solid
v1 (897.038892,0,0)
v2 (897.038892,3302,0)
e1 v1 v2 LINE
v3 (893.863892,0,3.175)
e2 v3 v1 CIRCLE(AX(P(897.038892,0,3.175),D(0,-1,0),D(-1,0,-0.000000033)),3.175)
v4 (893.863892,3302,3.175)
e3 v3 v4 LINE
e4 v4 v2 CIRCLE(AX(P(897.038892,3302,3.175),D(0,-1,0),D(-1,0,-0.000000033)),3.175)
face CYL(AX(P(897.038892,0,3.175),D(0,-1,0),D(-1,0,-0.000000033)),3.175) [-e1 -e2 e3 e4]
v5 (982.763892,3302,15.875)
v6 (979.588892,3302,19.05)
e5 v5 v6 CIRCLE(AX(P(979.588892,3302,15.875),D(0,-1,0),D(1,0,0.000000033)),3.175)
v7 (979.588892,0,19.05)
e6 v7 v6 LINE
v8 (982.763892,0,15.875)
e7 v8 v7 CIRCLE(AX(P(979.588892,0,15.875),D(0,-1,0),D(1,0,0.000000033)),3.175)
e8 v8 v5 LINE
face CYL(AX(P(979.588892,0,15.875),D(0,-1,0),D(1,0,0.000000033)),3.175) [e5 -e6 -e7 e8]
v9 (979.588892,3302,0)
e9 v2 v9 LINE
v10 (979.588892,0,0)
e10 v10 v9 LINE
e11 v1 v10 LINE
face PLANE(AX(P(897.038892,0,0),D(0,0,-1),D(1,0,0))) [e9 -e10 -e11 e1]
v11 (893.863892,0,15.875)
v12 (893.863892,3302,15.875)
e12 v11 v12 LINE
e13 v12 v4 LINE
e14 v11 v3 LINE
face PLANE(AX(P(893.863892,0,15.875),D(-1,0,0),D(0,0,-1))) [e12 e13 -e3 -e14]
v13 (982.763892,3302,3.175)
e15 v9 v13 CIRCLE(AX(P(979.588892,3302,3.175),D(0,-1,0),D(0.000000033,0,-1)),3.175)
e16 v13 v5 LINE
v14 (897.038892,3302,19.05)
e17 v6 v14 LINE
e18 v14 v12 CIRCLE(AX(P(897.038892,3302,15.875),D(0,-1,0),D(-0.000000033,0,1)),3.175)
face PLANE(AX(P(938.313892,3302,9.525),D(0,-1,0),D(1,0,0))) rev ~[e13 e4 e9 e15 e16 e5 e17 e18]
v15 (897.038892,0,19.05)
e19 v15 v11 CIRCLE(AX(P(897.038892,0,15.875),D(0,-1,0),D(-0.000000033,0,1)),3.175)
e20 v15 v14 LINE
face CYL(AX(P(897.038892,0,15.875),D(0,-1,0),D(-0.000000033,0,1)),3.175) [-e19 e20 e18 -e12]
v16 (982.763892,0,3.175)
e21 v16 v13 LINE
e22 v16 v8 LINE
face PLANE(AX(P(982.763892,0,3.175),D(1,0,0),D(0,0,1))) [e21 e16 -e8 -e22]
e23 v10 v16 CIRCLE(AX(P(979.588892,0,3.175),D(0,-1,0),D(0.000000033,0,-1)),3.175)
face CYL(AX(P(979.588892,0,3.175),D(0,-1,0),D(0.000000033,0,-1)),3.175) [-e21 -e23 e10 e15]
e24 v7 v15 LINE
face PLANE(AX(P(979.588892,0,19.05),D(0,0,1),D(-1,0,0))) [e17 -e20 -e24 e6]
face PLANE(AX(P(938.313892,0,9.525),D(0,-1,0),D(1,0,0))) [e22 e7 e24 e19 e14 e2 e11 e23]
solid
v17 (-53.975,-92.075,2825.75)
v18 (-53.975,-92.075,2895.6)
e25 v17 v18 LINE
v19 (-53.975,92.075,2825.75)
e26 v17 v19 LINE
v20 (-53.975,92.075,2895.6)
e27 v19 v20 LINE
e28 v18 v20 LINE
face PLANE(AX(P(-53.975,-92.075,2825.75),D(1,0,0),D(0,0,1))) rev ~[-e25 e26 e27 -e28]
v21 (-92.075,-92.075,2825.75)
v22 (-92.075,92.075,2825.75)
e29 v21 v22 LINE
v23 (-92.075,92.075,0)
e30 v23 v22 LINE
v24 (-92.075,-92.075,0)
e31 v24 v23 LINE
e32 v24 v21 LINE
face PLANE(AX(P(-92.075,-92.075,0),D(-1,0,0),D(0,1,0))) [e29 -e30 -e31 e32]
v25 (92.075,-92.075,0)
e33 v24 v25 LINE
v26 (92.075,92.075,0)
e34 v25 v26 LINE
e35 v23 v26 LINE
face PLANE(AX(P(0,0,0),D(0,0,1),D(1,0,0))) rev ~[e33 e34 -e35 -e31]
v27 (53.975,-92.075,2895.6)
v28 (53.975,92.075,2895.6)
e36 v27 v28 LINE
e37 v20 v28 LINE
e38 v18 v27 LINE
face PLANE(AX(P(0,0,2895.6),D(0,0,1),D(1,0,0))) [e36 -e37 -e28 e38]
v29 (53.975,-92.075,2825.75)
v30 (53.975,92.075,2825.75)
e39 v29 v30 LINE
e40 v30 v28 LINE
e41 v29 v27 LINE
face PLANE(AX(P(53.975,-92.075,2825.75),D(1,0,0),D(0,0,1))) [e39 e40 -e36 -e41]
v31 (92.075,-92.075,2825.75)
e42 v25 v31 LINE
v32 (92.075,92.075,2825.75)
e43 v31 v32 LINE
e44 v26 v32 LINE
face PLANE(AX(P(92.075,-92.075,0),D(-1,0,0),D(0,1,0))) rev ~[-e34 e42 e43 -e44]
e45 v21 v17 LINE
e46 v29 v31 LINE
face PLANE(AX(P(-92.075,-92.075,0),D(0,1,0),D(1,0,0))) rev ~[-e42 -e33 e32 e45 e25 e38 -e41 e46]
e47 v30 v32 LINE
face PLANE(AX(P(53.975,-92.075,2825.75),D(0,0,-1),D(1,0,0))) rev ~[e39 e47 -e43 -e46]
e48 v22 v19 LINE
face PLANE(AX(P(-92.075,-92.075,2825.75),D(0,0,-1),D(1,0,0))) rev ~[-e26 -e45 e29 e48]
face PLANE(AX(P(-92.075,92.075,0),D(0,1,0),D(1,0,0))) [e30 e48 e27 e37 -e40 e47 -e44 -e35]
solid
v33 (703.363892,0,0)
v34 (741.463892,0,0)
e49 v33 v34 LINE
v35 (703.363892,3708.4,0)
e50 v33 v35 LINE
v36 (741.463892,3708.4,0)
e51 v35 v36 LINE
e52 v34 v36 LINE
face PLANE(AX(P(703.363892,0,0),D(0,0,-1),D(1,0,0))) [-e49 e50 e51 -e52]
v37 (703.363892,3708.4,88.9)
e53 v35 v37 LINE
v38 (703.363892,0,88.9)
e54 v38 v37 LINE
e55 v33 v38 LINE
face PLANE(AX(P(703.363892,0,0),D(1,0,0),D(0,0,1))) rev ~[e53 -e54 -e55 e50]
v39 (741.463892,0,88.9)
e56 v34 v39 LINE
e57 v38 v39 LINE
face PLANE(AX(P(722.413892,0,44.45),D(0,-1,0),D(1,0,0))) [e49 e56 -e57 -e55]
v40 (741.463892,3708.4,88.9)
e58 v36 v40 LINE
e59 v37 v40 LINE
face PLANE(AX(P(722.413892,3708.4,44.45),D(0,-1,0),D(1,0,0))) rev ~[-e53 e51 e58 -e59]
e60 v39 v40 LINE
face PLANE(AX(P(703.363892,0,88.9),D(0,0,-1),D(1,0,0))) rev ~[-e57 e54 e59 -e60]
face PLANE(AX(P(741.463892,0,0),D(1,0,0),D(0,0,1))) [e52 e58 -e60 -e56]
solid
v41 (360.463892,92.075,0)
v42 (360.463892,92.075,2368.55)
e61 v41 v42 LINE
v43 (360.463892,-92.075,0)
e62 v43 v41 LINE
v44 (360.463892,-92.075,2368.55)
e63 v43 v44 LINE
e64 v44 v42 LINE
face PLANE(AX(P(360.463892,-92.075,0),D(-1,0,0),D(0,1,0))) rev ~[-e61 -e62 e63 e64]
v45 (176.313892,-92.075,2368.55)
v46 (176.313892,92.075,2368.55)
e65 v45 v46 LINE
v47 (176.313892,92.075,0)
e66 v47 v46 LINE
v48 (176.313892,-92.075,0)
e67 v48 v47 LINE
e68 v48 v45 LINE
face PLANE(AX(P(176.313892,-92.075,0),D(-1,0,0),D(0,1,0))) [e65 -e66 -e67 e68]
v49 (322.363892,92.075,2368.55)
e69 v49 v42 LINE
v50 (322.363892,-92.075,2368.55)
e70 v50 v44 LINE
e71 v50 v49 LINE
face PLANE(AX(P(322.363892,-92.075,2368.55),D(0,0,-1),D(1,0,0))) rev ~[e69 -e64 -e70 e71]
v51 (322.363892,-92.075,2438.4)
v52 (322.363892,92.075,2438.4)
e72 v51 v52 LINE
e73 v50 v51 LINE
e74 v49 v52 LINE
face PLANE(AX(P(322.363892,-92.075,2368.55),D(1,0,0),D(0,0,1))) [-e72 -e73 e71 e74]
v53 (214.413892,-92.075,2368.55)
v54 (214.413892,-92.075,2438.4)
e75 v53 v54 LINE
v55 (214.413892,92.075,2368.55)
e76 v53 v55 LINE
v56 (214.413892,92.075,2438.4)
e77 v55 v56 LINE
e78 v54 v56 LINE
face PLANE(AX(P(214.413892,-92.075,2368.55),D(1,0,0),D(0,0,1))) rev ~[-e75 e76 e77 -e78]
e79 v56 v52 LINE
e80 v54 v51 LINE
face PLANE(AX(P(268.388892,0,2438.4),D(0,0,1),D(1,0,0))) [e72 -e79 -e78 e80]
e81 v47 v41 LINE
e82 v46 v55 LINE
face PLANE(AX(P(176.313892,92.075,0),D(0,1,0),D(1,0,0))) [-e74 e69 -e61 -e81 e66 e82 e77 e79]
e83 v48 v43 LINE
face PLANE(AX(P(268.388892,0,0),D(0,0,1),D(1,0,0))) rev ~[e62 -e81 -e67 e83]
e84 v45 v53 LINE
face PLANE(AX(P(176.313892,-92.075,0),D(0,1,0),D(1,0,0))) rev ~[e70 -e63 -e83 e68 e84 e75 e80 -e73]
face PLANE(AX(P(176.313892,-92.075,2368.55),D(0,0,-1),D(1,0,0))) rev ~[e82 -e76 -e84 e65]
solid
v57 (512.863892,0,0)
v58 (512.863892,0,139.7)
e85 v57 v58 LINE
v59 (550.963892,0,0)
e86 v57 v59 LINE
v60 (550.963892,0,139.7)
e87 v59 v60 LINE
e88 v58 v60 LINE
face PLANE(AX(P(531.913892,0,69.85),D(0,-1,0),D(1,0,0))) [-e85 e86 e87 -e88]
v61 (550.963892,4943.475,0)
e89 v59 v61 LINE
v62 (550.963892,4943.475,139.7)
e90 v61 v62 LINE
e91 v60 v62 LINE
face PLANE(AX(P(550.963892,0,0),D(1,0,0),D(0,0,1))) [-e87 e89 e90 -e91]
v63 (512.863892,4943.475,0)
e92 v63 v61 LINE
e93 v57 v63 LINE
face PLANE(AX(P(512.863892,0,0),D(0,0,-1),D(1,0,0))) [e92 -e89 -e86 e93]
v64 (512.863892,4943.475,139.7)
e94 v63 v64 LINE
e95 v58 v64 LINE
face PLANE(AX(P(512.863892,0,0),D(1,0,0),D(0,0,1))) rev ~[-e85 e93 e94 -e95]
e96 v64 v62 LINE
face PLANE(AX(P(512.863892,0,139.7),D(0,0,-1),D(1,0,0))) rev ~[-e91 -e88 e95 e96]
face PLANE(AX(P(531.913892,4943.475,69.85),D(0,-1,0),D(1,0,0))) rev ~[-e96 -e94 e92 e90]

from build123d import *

# Parameters (mm, degrees)
F0_W      = 184.15
F0_H      = 184.15
F1_DEPTH  = 2895.6
F2_DEPTH  = 2438.4
F3_W      = 38.1
F3_H      = 139.7
F4_DEPTH  = 4943.475
F5_W      = 38.1
F5_H      = 69.85
F6_DEPTH  = 184.15
F7_W      = 38.1
F7_H      = 69.85
F8_DEPTH  = 184.15
F9_W      = 38.1
F9_H      = 88.9
F10_DEPTH = 3708.4
F12_DEPTH = 3302


with BuildPart() as f1:
    # F0 (on Top) → F1 (new body)
    with BuildSketch(Plane.XY):
        Rectangle(F0_W, F0_H)
    extrude(amount=F1_DEPTH)

    # F7 (on face) → F8 (cut, through all)
    with BuildSketch(Plane.XZ.offset(92.075)):
        with Locations((-73.025, 2860.675)):
            Rectangle(F7_W, F7_H)
        with Locations((73.025, 2860.675)):
            Rectangle(F7_W, F7_H)
    extrude(amount=-F8_DEPTH, mode=Mode.SUBTRACT)


with BuildPart() as f2:
    # F0 (on Top) → F2 (new body)
    with BuildSketch(Plane.XY):
        with Locations((268.388892, 0)):
            Rectangle(F0_W, F0_H)
    extrude(amount=F2_DEPTH)

    # F5 (on face) → F6 (cut, through all)
    with BuildSketch(Plane.XZ.offset(92.075)):
        with Locations((341.413892, 2403.475)):
            Rectangle(F5_W, F5_H)
        with Locations((195.363892, 2403.475)):
            Rectangle(F5_W, F5_H)
    extrude(amount=-F6_DEPTH, mode=Mode.SUBTRACT)


with BuildPart() as f4:
    # F3 (on Front) → F4 (new body)
    with BuildSketch(Plane.XZ):
        with Locations((531.913892, 69.85)):
            Rectangle(F3_W, F3_H)
    extrude(amount=-F4_DEPTH)


with BuildPart() as f10:
    # F9 (on Front) → F10 (new body)
    with BuildSketch(Plane.XZ):
        with Locations((722.413892, 44.45)):
            Rectangle(F9_W, F9_H)
    extrude(amount=-F10_DEPTH)


with BuildPart() as f12:
    # F11 (on Front) → F12 (new body)
    with BuildSketch(Plane.XZ):
        with BuildLine():
            ThreePointArc((893.863892, 3.175), (894.793828, 0.929936), (897.038892, 0))
            Line((897.038892, 0), (979.588892, 0))
            ThreePointArc((979.588892, 0), (981.833956, 0.929936), (982.763892, 3.175))
            Line((982.763892, 3.175), (982.763892, 15.875))
            ThreePointArc((982.763892, 15.875), (981.833956, 18.120064), (979.588892, 19.05))
            Line((979.588892, 19.05), (897.038892, 19.05))
            ThreePointArc((897.038892, 19.05), (894.793828, 18.120064), (893.863892, 15.875))
            Line((893.863892, 15.875), (893.863892, 3.175))
        make_face()
    extrude(amount=-F12_DEPTH)


solid = Compound([f1.part, f2.part, f4.part, f10.part, f12.part])
